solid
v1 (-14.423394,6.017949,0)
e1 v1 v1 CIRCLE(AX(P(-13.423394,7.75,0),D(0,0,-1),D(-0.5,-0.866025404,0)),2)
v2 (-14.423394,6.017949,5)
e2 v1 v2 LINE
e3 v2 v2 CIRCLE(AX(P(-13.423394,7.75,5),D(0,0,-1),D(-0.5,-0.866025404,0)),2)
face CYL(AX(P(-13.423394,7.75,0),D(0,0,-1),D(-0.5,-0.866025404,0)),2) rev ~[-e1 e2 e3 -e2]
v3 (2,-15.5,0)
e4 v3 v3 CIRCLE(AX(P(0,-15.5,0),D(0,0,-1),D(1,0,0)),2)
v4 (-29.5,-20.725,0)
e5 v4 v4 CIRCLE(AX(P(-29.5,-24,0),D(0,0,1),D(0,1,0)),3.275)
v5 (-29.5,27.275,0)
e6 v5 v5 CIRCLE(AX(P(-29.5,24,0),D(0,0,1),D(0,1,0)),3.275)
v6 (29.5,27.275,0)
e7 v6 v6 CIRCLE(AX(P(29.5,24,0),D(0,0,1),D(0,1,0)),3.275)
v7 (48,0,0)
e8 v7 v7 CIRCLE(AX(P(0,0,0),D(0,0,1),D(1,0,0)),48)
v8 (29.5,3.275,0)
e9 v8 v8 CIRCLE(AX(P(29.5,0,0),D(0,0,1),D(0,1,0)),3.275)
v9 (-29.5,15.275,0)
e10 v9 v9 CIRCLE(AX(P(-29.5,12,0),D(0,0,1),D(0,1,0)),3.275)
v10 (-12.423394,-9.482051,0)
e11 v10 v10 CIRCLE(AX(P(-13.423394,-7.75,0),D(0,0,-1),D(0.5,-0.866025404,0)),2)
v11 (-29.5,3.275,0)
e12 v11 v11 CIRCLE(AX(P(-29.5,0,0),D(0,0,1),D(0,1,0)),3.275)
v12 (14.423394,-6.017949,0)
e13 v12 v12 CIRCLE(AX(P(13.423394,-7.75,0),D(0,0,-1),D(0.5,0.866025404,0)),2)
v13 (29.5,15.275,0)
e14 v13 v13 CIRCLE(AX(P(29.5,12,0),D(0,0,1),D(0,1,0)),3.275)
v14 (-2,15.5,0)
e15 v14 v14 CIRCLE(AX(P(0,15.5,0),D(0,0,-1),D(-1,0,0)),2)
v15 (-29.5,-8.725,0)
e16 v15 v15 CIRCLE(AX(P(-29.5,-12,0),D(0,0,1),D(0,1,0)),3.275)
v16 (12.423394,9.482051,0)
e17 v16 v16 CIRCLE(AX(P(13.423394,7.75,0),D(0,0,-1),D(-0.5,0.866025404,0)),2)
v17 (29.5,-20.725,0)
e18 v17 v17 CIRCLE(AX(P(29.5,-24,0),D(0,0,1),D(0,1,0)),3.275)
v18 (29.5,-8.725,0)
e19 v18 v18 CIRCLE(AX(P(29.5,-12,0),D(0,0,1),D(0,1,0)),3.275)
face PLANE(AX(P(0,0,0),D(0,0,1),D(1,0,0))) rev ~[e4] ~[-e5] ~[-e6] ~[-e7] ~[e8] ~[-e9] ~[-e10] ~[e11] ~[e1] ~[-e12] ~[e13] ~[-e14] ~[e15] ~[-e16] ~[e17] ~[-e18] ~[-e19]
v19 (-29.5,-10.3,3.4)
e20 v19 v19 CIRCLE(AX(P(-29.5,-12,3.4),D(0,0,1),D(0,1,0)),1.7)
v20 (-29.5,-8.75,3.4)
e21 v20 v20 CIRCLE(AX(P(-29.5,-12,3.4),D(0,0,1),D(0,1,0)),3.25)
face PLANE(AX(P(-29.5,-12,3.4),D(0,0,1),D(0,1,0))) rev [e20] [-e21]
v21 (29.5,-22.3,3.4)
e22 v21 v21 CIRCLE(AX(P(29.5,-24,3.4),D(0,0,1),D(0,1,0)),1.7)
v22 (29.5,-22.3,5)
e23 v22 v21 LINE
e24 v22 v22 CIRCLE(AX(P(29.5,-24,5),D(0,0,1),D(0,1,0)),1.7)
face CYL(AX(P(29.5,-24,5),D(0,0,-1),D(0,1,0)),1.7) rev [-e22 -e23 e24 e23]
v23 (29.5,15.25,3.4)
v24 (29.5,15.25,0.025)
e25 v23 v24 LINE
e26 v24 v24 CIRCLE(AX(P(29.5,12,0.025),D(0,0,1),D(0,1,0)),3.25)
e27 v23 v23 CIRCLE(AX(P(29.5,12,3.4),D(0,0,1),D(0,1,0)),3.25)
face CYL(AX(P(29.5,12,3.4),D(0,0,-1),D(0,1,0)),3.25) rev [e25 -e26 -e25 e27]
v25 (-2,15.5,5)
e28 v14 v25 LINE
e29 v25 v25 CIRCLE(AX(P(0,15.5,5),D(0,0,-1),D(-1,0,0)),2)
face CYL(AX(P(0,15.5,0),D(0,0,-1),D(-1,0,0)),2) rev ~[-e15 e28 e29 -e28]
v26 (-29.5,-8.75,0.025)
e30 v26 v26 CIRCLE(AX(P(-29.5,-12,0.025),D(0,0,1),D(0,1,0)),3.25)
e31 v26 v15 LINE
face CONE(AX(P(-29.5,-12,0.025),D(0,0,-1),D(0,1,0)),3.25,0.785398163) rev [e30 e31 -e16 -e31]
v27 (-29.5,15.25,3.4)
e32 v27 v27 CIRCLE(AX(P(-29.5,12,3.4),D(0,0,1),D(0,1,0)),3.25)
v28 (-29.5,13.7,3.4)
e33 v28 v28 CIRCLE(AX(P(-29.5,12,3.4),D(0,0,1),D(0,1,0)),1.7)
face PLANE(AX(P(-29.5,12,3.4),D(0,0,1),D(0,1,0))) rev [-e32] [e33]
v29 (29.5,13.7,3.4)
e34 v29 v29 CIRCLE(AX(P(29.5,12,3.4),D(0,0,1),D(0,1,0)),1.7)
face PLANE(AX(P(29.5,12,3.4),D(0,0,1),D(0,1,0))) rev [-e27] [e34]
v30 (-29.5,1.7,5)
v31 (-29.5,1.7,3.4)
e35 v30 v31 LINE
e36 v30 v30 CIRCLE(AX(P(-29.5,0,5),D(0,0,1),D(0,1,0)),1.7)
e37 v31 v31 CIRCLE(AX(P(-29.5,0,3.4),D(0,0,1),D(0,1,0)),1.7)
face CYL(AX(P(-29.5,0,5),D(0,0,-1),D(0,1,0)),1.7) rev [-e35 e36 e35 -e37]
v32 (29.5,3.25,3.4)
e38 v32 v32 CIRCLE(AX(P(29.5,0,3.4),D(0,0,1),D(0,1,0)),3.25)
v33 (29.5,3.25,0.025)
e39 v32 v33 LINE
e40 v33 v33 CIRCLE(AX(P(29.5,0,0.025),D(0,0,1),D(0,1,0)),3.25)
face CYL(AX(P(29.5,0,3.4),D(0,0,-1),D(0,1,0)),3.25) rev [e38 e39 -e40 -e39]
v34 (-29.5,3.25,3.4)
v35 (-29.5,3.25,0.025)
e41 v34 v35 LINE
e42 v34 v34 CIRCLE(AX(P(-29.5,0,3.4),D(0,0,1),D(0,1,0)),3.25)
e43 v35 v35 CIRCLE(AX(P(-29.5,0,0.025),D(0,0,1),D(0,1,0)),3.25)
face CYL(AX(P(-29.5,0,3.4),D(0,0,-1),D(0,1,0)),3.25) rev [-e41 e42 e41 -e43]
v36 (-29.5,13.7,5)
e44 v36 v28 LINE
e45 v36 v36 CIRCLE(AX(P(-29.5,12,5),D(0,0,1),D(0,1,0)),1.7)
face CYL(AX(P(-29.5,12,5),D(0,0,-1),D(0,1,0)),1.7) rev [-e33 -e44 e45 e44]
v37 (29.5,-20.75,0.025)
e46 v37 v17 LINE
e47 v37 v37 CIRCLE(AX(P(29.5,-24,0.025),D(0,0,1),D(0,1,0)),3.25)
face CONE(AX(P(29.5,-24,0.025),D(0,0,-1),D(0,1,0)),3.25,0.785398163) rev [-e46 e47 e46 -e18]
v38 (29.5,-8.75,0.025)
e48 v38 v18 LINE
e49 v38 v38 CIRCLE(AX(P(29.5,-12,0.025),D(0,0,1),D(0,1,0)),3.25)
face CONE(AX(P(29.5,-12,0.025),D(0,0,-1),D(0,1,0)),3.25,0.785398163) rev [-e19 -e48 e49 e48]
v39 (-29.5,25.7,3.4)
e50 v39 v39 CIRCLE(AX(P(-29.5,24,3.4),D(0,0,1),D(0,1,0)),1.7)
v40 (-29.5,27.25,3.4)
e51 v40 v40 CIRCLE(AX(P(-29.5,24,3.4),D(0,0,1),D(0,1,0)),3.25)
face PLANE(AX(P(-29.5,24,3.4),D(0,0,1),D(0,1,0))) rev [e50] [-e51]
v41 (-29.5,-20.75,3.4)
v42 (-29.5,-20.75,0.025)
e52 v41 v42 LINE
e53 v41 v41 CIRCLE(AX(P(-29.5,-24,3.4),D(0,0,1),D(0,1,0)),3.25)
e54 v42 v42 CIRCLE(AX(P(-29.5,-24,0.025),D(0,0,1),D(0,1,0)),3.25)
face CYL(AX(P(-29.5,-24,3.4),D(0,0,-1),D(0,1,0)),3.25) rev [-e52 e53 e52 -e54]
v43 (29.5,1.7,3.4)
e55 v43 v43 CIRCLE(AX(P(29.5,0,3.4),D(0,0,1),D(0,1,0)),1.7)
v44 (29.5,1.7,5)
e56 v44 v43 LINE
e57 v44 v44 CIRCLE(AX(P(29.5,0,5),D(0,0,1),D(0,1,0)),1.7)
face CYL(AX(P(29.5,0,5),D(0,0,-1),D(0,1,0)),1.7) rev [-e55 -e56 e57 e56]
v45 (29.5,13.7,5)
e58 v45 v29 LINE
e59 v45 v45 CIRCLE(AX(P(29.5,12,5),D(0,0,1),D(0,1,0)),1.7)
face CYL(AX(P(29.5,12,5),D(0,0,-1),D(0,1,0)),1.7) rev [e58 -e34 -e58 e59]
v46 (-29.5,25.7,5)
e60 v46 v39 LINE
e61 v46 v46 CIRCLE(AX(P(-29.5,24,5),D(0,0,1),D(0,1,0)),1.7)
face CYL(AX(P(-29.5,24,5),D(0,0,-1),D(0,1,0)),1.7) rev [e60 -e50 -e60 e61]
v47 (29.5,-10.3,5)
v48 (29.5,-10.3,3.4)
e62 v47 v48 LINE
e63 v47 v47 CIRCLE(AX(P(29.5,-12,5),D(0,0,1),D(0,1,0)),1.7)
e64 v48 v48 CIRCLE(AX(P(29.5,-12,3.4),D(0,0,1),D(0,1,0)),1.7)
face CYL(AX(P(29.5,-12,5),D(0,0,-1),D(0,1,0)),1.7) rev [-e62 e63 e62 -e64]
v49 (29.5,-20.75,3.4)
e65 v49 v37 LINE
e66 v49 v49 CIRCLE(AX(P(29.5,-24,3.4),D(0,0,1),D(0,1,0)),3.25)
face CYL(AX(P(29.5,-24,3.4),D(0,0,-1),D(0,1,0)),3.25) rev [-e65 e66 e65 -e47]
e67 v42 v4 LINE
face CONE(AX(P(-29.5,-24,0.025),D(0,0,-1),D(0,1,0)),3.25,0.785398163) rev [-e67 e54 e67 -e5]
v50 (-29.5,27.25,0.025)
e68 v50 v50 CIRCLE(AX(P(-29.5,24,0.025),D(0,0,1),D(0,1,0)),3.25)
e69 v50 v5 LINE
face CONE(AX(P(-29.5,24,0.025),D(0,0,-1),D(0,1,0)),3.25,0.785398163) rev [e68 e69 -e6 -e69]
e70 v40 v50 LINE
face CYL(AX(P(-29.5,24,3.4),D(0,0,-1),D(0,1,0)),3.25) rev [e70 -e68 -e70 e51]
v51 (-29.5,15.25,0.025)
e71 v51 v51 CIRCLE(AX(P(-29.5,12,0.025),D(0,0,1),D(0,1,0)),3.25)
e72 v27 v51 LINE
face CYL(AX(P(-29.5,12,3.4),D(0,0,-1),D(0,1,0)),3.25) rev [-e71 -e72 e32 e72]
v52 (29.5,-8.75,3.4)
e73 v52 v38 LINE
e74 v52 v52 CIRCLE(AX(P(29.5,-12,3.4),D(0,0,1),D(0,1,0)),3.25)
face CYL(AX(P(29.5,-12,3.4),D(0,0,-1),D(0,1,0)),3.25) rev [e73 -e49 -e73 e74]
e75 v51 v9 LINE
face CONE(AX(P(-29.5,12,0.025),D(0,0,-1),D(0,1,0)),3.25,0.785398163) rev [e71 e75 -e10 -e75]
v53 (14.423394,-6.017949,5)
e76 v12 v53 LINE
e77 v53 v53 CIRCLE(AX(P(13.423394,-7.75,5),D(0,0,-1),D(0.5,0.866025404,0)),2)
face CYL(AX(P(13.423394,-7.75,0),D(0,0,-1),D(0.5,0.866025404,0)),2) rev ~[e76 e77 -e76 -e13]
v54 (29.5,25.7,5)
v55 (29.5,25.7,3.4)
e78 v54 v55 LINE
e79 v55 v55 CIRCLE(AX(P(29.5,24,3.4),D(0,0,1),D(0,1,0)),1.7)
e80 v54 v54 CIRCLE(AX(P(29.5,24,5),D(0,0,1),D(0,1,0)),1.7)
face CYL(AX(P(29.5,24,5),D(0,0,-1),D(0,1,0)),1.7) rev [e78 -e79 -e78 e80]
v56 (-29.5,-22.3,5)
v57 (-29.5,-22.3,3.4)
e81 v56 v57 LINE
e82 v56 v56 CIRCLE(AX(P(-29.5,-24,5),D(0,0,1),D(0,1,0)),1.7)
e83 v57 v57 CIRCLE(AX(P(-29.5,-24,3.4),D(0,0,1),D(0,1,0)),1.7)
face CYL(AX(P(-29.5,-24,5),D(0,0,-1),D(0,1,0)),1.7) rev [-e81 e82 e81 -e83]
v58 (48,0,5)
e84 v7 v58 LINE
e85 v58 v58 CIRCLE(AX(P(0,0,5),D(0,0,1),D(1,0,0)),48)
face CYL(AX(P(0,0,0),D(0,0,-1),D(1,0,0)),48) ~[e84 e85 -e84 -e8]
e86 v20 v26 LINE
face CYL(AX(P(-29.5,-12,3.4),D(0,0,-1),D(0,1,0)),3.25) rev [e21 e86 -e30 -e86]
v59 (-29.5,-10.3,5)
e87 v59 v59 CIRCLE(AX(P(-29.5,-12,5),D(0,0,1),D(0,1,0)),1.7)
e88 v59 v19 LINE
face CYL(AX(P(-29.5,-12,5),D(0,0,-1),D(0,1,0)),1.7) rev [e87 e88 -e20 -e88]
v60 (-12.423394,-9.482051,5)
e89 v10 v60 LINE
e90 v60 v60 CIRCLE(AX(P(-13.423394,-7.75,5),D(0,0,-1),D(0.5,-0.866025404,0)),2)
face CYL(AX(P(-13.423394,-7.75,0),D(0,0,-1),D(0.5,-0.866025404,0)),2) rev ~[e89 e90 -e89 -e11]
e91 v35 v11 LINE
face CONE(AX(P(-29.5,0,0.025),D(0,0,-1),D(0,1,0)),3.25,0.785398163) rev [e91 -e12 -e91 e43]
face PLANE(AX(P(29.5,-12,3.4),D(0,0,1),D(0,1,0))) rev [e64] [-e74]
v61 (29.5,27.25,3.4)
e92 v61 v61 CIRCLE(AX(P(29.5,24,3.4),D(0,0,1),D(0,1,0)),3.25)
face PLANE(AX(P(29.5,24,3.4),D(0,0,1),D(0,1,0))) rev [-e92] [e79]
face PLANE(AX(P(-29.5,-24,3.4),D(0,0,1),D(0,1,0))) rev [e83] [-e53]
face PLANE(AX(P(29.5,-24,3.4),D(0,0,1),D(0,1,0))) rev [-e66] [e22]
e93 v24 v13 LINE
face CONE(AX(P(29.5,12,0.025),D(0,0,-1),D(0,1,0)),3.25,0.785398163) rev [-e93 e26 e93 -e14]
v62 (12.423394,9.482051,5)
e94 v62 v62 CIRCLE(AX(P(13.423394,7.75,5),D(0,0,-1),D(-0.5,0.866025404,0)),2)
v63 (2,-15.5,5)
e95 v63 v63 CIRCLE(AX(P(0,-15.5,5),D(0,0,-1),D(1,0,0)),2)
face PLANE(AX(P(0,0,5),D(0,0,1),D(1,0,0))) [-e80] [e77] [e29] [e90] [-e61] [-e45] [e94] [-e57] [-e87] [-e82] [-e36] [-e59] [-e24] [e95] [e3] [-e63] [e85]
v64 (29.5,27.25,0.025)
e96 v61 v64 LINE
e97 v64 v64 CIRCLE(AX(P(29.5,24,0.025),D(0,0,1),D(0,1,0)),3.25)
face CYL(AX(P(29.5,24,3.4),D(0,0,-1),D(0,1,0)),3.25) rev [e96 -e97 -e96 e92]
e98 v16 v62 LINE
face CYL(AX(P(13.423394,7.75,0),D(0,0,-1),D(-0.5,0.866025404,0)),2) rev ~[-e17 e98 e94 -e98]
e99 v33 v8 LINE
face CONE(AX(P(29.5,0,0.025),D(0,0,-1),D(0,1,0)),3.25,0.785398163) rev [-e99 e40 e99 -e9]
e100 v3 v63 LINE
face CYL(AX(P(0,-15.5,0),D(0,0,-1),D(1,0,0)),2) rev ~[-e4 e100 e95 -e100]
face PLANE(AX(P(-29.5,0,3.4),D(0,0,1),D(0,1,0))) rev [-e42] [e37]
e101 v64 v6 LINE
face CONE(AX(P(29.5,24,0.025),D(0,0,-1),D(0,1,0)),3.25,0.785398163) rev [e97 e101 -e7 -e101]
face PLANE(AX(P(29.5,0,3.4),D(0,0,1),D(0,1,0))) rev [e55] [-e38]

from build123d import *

# Parameters (mm, degrees)
SKETCH_1_R                   = 48
EXTRUDE_1_DEPTH              = 5
HOLE_WIZARD_M3_1_AT_2_COUNT  = 2
HOLE_WIZARD_M3_1_AT_2_PITCH  = 12
HOLE_WIZARD_M3_1_AT_3_COUNT  = 2
HOLE_WIZARD_M3_1_AT_3_PITCH  = 24
HOLE_WIZARD_M3_1_AT_4_COUNT  = 2
HOLE_WIZARD_M3_1_AT_4_PITCH  = 36
HOLE_WIZARD_M3_1_AT_5_COUNT  = 2
HOLE_WIZARD_M3_1_AT_5_PITCH  = 48
HOLE_WIZARD_M3_1_AT_6_COUNT  = 2
HOLE_WIZARD_M3_1_AT_6_PITCH  = 59
HOLE_WIZARD_M3_1_AT_7_COUNT  = 2
HOLE_WIZARD_M3_1_AT_7_PITCH  = 60.207972894
HOLE_WIZARD_M3_1_AT_8_COUNT  = 2
HOLE_WIZARD_M3_1_AT_8_PITCH  = 63.694583757
HOLE_WIZARD_M3_1_AT_9_COUNT  = 2
HOLE_WIZARD_M3_1_AT_9_PITCH  = 69.115844783
HOLE_WIZARD_M3_1_AT_10_COUNT = 2
HOLE_WIZARD_M3_1_AT_10_PITCH = 76.059187479
CUT_EXTRUDE_1_REACH          = 70.066
SKETCH_5_R                   = 2
PATTERN_CIRCULAR_1_COUNT     = 6


with BuildPart() as part:
    # 草圖1 → 填料-伸長1 (new body)
    with BuildSketch(Plane.XY):
        Circle(SKETCH_1_R)
    extrude(amount=EXTRUDE_1_DEPTH)

    # 草圖4 → M3 六角承窩頭蓋螺釘的柱孔1 (revolve, cut)
    with BuildSketch(Plane(origin=(-29.5, 24, 0), x_dir=(0, 1, 0), z_dir=(1, 0, 0))):
        Polygon((0, 0), (0, 5), (1.7, 5), (1.7, 3.4), (3.25, 3.4), (3.25, 0.025), (3.275, 0), align=None)
    hole_wizard_m3_1 = revolve(axis=Axis((-29.5, 24, -6.35), (0, 0, 1)), mode=Mode.SUBTRACT)

    # M3 六角承窩頭蓋螺釘的柱孔1 at 2: M3 六角承窩頭蓋螺釘的柱孔1 ×2
    with Locations(*[(0, -i * HOLE_WIZARD_M3_1_AT_2_PITCH, 0) for i in range(1, HOLE_WIZARD_M3_1_AT_2_COUNT)]):
        add(hole_wizard_m3_1, mode=Mode.SUBTRACT)

    # M3 六角承窩頭蓋螺釘的柱孔1 at 3: M3 六角承窩頭蓋螺釘的柱孔1 ×2
    with Locations(*[(0, -i * HOLE_WIZARD_M3_1_AT_3_PITCH, 0) for i in range(1, HOLE_WIZARD_M3_1_AT_3_COUNT)]):
        add(hole_wizard_m3_1, mode=Mode.SUBTRACT)

    # M3 六角承窩頭蓋螺釘的柱孔1 at 4: M3 六角承窩頭蓋螺釘的柱孔1 ×2
    with Locations(*[(0, -i * HOLE_WIZARD_M3_1_AT_4_PITCH, 0) for i in range(1, HOLE_WIZARD_M3_1_AT_4_COUNT)]):
        add(hole_wizard_m3_1, mode=Mode.SUBTRACT)

    # M3 六角承窩頭蓋螺釘的柱孔1 at 5: M3 六角承窩頭蓋螺釘的柱孔1 ×2
    with Locations(*[(0, -i * HOLE_WIZARD_M3_1_AT_5_PITCH, 0) for i in range(1, HOLE_WIZARD_M3_1_AT_5_COUNT)]):
        add(hole_wizard_m3_1, mode=Mode.SUBTRACT)

    # M3 六角承窩頭蓋螺釘的柱孔1 at 6: M3 六角承窩頭蓋螺釘的柱孔1 ×2
    with Locations(*[(i * HOLE_WIZARD_M3_1_AT_6_PITCH, 0, 0) for i in range(1, HOLE_WIZARD_M3_1_AT_6_COUNT)]):
        add(hole_wizard_m3_1, mode=Mode.SUBTRACT)

    # M3 六角承窩頭蓋螺釘的柱孔1 at 7: M3 六角承窩頭蓋螺釘的柱孔1 ×2
    with Locations(*[Vector(0.9799366622741338, -0.19930915164896565, 0) * (i * HOLE_WIZARD_M3_1_AT_7_PITCH) for i in range(1, HOLE_WIZARD_M3_1_AT_7_COUNT)]):
        add(hole_wizard_m3_1, mode=Mode.SUBTRACT)

    # M3 六角承窩頭蓋螺釘的柱孔1 at 8: M3 六角承窩頭蓋螺釘的柱孔1 ×2
    with Locations(*[Vector(0.9262954009547517, -0.37679812920193184, 0) * (i * HOLE_WIZARD_M3_1_AT_8_PITCH) for i in range(1, HOLE_WIZARD_M3_1_AT_8_COUNT)]):
        add(hole_wizard_m3_1, mode=Mode.SUBTRACT)

    # M3 六角承窩頭蓋螺釘的柱孔1 at 9: M3 六角承窩頭蓋螺釘的柱孔1 ×2
    with Locations(*[Vector(0.8536392803366317, -0.5208646456291284, 0) * (i * HOLE_WIZARD_M3_1_AT_9_PITCH) for i in range(1, HOLE_WIZARD_M3_1_AT_9_COUNT)]):
        add(hole_wizard_m3_1, mode=Mode.SUBTRACT)

    # M3 六角承窩頭蓋螺釘的柱孔1 at 10: M3 六角承窩頭蓋螺釘的柱孔1 ×2
    with Locations(*[Vector(0.7757116786991063, -0.6310874674162169, 0) * (i * HOLE_WIZARD_M3_1_AT_10_PITCH) for i in range(1, HOLE_WIZARD_M3_1_AT_10_COUNT)]):
        add(hole_wizard_m3_1, mode=Mode.SUBTRACT)

    # 草圖5 → 除料-伸長1 (cut, up to next)
    with BuildSketch(Plane(origin=(0, 0, 0), x_dir=(-1, 0, 0), z_dir=(0, 0, -1)), mode=Mode.PRIVATE) as cut_extrude_1_sk1:
        with Locations((0, 15.5)):
            Circle(SKETCH_5_R)
    cut_extrude_1_tool1 = extrude(cut_extrude_1_sk1.sketch, amount=-CUT_EXTRUDE_1_REACH, mode=Mode.PRIVATE) & part.part
    cut_extrude_1 = cut_extrude_1_tool1.solids().sort_by_distance((0, 15.5, 0))[0]
    add(cut_extrude_1, mode=Mode.SUBTRACT)

    # 環狀複製排列1: 除料-伸長1 ×6 about axis
    pattern_circular_1_axis = Axis((0, 0, 0), (0, 0, 1))
    for i in range(1, PATTERN_CIRCULAR_1_COUNT):
        add(cut_extrude_1.rotate(pattern_circular_1_axis, i * 360 / PATTERN_CIRCULAR_1_COUNT), mode=Mode.SUBTRACT)


solid = part.part
